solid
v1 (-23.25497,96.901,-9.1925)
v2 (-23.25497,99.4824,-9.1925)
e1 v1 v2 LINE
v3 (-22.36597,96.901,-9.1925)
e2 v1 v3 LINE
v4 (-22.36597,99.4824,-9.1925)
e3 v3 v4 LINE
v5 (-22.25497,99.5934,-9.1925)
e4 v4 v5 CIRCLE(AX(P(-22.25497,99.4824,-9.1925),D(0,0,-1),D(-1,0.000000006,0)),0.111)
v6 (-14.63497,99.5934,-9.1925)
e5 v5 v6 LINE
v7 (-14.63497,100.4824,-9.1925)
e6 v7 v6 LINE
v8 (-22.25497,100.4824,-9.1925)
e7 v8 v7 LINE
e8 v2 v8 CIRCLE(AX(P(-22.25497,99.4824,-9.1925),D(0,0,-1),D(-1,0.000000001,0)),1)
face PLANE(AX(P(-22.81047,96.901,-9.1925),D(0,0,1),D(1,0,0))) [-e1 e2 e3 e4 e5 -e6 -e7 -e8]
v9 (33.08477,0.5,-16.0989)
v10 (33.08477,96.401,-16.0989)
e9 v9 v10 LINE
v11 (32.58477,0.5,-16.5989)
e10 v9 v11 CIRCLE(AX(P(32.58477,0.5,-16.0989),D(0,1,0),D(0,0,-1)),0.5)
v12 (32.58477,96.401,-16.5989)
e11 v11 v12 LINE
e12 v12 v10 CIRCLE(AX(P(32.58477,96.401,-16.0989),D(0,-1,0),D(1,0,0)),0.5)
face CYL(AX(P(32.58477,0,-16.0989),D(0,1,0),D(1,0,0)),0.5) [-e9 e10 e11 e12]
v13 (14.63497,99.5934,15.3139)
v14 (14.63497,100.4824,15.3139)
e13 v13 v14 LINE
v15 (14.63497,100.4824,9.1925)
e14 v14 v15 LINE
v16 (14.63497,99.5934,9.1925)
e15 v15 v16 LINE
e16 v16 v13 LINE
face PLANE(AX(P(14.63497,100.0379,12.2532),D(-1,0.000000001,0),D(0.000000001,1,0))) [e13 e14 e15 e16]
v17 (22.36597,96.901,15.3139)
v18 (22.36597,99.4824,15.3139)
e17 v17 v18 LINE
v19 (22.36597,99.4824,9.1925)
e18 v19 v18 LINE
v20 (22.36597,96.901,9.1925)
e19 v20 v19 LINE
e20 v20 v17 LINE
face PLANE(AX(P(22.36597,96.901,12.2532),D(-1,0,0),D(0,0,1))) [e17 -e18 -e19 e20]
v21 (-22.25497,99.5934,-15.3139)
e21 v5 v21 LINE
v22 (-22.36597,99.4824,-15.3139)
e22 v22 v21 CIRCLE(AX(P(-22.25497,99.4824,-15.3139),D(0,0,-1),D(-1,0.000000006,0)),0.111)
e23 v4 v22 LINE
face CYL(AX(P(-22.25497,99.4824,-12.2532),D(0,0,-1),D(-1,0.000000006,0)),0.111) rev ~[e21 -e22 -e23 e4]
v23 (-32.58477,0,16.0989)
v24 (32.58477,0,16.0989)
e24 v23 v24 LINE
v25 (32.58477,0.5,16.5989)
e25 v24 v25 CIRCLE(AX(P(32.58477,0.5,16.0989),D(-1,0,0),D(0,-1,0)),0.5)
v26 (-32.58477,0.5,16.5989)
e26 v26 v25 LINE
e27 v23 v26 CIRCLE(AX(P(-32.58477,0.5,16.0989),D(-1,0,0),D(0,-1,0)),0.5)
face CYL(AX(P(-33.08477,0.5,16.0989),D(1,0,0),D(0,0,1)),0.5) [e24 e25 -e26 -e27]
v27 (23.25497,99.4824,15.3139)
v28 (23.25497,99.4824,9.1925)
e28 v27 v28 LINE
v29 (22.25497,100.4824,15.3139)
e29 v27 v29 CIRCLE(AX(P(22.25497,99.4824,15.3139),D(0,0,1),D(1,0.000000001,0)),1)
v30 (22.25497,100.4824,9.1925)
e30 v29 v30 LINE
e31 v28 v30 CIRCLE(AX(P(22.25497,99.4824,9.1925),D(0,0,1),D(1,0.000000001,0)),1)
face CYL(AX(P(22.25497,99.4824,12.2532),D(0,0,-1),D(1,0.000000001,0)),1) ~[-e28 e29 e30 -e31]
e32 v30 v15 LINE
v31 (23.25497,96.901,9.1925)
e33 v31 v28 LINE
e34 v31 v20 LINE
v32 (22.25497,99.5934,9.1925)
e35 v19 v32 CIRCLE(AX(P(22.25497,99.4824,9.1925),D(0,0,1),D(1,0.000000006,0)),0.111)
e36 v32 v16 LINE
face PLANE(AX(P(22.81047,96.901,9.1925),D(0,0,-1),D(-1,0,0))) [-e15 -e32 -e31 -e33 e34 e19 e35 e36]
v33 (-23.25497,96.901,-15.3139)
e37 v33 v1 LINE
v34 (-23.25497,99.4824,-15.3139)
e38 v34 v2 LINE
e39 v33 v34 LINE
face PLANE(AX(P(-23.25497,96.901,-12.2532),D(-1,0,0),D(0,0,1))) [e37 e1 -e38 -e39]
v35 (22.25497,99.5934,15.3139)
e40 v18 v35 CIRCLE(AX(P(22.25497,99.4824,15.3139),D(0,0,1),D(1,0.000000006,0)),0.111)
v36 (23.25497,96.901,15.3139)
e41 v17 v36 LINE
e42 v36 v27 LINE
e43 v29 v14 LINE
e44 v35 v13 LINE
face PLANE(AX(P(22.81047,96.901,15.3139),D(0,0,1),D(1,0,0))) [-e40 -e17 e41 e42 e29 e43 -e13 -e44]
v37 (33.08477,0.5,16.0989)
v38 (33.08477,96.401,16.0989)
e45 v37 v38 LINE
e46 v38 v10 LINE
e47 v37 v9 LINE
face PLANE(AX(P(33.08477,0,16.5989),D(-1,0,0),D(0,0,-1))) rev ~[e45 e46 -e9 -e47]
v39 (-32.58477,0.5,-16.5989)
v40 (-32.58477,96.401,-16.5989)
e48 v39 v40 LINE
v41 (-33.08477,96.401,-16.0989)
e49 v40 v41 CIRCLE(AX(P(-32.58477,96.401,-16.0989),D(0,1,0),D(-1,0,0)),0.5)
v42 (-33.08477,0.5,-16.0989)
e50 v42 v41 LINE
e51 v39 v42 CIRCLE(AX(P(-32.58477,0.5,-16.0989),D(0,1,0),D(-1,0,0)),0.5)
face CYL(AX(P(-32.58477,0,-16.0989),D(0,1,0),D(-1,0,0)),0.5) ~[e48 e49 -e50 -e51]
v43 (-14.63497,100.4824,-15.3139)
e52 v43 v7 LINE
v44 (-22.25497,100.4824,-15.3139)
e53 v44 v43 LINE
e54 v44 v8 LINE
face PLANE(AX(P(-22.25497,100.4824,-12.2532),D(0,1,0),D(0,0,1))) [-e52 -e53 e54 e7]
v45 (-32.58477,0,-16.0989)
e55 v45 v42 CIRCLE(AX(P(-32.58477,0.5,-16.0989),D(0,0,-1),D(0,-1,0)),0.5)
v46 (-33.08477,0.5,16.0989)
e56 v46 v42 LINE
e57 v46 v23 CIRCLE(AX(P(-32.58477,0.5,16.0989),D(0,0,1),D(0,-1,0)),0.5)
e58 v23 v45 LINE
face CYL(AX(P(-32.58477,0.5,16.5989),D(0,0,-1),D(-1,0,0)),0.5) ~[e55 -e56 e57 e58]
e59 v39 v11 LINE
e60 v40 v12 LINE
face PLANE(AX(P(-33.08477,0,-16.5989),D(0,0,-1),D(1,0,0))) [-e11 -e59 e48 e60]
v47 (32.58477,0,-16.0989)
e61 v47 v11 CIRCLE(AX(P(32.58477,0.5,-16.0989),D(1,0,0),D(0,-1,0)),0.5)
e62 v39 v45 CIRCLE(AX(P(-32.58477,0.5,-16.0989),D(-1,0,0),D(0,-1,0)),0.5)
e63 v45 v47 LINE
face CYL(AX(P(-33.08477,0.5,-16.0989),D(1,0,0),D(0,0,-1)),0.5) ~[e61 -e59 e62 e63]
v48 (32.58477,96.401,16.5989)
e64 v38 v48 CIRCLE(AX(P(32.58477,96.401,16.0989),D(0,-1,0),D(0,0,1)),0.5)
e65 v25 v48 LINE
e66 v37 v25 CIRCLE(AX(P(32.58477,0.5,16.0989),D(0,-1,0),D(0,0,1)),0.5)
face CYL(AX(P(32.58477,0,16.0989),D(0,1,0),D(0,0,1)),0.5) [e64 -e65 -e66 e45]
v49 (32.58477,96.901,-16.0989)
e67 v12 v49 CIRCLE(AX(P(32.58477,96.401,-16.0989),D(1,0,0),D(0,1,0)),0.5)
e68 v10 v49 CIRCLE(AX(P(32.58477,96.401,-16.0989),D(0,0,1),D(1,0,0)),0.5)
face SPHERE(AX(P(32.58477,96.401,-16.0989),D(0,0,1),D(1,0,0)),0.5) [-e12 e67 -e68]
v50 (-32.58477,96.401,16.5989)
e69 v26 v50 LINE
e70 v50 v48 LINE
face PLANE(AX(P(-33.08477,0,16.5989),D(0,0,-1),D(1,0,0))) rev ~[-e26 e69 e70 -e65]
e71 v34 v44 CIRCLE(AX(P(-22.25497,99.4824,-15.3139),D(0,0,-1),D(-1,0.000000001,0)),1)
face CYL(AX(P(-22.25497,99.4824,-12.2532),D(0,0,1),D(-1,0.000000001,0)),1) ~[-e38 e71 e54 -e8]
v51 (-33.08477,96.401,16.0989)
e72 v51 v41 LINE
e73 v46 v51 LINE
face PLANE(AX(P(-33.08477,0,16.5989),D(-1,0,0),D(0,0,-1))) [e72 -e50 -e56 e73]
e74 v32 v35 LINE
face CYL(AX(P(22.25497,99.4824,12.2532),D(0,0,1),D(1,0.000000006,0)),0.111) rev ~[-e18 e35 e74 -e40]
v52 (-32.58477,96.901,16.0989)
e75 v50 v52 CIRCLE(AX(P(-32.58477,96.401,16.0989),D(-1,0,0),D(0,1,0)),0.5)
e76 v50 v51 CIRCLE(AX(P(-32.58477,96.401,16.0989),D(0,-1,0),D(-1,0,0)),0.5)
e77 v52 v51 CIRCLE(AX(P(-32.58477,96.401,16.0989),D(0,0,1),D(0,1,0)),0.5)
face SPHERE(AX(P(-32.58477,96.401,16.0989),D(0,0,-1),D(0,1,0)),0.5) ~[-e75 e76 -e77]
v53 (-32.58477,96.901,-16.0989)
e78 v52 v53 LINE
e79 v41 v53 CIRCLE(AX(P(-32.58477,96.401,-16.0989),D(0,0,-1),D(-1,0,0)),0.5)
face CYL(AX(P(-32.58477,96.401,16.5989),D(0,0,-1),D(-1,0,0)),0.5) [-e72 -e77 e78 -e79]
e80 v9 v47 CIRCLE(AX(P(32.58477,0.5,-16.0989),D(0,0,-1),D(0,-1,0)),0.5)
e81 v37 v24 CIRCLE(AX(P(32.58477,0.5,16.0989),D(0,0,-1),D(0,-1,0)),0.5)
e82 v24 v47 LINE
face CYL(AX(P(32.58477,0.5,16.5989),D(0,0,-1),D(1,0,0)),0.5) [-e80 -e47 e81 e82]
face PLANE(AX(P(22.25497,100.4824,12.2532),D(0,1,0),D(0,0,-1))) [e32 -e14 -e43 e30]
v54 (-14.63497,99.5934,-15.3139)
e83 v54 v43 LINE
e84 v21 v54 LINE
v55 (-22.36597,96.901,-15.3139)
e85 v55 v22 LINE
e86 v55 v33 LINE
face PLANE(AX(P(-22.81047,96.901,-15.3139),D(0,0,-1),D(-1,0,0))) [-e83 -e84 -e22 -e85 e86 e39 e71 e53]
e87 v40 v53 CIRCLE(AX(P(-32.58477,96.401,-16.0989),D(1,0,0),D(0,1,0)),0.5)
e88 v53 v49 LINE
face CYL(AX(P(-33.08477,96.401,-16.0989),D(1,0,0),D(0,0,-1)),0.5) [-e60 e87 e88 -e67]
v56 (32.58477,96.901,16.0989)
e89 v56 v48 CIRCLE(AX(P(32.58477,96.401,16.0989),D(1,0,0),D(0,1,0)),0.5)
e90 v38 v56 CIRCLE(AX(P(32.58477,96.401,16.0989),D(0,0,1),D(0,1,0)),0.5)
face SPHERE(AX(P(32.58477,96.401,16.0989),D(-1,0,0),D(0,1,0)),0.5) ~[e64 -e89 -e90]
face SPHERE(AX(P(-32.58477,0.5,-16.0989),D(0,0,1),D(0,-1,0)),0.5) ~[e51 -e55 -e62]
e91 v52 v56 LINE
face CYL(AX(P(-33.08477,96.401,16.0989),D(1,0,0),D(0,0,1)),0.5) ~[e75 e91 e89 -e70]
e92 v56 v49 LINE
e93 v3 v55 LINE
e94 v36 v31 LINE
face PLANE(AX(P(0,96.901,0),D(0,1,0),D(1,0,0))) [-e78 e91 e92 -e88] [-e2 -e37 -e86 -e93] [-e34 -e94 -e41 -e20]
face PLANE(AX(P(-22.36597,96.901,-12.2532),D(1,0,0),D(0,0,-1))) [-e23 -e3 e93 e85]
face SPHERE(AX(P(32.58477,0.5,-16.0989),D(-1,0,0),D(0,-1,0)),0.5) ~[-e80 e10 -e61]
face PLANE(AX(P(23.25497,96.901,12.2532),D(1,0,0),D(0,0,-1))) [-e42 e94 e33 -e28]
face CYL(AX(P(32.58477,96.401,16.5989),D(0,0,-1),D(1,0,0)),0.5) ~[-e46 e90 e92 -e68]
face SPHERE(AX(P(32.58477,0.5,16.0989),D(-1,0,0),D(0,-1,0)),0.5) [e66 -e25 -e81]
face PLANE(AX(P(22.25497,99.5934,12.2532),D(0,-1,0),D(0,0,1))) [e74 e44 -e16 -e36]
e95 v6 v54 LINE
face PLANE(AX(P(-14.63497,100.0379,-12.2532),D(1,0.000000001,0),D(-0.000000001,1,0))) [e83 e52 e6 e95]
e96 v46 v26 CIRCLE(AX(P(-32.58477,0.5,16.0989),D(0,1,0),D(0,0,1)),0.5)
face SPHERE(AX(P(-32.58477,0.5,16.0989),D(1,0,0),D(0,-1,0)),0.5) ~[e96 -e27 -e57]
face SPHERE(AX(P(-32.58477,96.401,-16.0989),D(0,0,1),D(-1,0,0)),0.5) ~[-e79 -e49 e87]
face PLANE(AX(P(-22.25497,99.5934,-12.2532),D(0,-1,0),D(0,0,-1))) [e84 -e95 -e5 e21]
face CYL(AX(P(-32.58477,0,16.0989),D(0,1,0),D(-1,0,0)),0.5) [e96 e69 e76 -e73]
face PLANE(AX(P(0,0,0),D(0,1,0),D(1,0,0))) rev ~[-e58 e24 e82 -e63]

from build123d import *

# Parameters (mm, degrees)
SKETCH2_W           = 66.16954
SKETCH2_H           = 33.1978
BOSS_EXTRUDE1_DEPTH = 96.901
FILLET1_R           = 0.5
SKETCH3_W           = 0.889
SKETCH3_H           = 6.1214
CIRPATTERN1_COUNT   = 2


with BuildPart() as part:
    # Sketch2 → Boss-Extrude1 (new body)
    with BuildSketch(Plane(origin=(0, 0, 0), x_dir=(1, 0, 0), z_dir=(0, 1, 0))):
        Rectangle(SKETCH2_W, SKETCH2_H)
    extrude(amount=BOSS_EXTRUDE1_DEPTH)

    # Fillet1
    fillet1_edges = [part.edges().sort_by_distance(p)[0] for p in [
        (33.08477, 48.4505, 16.5989),
        (-33.08477, 48.4505, 16.5989),
        (-33.08477, 0, 0),
        (0, 0, 16.5989),
        (33.08477, 0, 0),
        (33.08477, 48.4505, -16.5989),
        (-33.08477, 48.4505, -16.5989),
        (0, 0, -16.5989),
        (0, 96.901, 16.5989),
        (-33.08477, 96.901, 0),
        (0, 96.901, -16.5989),
        (33.08477, 96.901, 0),
    ]]
    fillet(fillet1_edges, radius=FILLET1_R)

    # Sweep1: sweep along a path in Sketch4
    with BuildLine(Plane(origin=(0, 0, -16.5989), x_dir=(-1, 0, 0), z_dir=(0, 0, -1))) as sweep1_path:
        Line((23.25497, 96.901), (23.25497, 99.4824))
        ThreePointArc((23.25497, 99.4824), (22.962076781, 100.189506781), (22.25497, 100.4824))
        Line((22.25497, 100.4824), (14.63497, 100.4824))
    # Sketch3 → Sweep1 (sweep)
    with BuildSketch(Plane(origin=(0, 96.901, 0), x_dir=(1, 0, 0), z_dir=(0, 1, 0))):
        with Locations((-22.81047, 12.2532)):
            Rectangle(SKETCH3_W, SKETCH3_H)
    sweep1 = sweep(path=sweep1_path.line)

    # CirPattern1: Sweep1 ×2 about axis
    cirpattern1_axis = Axis((0, -5.02412, 0), (0, 1, 0))
    for i in range(1, CIRPATTERN1_COUNT):
        add(sweep1.rotate(cirpattern1_axis, i * 360 / CIRPATTERN1_COUNT))


solid = part.part
